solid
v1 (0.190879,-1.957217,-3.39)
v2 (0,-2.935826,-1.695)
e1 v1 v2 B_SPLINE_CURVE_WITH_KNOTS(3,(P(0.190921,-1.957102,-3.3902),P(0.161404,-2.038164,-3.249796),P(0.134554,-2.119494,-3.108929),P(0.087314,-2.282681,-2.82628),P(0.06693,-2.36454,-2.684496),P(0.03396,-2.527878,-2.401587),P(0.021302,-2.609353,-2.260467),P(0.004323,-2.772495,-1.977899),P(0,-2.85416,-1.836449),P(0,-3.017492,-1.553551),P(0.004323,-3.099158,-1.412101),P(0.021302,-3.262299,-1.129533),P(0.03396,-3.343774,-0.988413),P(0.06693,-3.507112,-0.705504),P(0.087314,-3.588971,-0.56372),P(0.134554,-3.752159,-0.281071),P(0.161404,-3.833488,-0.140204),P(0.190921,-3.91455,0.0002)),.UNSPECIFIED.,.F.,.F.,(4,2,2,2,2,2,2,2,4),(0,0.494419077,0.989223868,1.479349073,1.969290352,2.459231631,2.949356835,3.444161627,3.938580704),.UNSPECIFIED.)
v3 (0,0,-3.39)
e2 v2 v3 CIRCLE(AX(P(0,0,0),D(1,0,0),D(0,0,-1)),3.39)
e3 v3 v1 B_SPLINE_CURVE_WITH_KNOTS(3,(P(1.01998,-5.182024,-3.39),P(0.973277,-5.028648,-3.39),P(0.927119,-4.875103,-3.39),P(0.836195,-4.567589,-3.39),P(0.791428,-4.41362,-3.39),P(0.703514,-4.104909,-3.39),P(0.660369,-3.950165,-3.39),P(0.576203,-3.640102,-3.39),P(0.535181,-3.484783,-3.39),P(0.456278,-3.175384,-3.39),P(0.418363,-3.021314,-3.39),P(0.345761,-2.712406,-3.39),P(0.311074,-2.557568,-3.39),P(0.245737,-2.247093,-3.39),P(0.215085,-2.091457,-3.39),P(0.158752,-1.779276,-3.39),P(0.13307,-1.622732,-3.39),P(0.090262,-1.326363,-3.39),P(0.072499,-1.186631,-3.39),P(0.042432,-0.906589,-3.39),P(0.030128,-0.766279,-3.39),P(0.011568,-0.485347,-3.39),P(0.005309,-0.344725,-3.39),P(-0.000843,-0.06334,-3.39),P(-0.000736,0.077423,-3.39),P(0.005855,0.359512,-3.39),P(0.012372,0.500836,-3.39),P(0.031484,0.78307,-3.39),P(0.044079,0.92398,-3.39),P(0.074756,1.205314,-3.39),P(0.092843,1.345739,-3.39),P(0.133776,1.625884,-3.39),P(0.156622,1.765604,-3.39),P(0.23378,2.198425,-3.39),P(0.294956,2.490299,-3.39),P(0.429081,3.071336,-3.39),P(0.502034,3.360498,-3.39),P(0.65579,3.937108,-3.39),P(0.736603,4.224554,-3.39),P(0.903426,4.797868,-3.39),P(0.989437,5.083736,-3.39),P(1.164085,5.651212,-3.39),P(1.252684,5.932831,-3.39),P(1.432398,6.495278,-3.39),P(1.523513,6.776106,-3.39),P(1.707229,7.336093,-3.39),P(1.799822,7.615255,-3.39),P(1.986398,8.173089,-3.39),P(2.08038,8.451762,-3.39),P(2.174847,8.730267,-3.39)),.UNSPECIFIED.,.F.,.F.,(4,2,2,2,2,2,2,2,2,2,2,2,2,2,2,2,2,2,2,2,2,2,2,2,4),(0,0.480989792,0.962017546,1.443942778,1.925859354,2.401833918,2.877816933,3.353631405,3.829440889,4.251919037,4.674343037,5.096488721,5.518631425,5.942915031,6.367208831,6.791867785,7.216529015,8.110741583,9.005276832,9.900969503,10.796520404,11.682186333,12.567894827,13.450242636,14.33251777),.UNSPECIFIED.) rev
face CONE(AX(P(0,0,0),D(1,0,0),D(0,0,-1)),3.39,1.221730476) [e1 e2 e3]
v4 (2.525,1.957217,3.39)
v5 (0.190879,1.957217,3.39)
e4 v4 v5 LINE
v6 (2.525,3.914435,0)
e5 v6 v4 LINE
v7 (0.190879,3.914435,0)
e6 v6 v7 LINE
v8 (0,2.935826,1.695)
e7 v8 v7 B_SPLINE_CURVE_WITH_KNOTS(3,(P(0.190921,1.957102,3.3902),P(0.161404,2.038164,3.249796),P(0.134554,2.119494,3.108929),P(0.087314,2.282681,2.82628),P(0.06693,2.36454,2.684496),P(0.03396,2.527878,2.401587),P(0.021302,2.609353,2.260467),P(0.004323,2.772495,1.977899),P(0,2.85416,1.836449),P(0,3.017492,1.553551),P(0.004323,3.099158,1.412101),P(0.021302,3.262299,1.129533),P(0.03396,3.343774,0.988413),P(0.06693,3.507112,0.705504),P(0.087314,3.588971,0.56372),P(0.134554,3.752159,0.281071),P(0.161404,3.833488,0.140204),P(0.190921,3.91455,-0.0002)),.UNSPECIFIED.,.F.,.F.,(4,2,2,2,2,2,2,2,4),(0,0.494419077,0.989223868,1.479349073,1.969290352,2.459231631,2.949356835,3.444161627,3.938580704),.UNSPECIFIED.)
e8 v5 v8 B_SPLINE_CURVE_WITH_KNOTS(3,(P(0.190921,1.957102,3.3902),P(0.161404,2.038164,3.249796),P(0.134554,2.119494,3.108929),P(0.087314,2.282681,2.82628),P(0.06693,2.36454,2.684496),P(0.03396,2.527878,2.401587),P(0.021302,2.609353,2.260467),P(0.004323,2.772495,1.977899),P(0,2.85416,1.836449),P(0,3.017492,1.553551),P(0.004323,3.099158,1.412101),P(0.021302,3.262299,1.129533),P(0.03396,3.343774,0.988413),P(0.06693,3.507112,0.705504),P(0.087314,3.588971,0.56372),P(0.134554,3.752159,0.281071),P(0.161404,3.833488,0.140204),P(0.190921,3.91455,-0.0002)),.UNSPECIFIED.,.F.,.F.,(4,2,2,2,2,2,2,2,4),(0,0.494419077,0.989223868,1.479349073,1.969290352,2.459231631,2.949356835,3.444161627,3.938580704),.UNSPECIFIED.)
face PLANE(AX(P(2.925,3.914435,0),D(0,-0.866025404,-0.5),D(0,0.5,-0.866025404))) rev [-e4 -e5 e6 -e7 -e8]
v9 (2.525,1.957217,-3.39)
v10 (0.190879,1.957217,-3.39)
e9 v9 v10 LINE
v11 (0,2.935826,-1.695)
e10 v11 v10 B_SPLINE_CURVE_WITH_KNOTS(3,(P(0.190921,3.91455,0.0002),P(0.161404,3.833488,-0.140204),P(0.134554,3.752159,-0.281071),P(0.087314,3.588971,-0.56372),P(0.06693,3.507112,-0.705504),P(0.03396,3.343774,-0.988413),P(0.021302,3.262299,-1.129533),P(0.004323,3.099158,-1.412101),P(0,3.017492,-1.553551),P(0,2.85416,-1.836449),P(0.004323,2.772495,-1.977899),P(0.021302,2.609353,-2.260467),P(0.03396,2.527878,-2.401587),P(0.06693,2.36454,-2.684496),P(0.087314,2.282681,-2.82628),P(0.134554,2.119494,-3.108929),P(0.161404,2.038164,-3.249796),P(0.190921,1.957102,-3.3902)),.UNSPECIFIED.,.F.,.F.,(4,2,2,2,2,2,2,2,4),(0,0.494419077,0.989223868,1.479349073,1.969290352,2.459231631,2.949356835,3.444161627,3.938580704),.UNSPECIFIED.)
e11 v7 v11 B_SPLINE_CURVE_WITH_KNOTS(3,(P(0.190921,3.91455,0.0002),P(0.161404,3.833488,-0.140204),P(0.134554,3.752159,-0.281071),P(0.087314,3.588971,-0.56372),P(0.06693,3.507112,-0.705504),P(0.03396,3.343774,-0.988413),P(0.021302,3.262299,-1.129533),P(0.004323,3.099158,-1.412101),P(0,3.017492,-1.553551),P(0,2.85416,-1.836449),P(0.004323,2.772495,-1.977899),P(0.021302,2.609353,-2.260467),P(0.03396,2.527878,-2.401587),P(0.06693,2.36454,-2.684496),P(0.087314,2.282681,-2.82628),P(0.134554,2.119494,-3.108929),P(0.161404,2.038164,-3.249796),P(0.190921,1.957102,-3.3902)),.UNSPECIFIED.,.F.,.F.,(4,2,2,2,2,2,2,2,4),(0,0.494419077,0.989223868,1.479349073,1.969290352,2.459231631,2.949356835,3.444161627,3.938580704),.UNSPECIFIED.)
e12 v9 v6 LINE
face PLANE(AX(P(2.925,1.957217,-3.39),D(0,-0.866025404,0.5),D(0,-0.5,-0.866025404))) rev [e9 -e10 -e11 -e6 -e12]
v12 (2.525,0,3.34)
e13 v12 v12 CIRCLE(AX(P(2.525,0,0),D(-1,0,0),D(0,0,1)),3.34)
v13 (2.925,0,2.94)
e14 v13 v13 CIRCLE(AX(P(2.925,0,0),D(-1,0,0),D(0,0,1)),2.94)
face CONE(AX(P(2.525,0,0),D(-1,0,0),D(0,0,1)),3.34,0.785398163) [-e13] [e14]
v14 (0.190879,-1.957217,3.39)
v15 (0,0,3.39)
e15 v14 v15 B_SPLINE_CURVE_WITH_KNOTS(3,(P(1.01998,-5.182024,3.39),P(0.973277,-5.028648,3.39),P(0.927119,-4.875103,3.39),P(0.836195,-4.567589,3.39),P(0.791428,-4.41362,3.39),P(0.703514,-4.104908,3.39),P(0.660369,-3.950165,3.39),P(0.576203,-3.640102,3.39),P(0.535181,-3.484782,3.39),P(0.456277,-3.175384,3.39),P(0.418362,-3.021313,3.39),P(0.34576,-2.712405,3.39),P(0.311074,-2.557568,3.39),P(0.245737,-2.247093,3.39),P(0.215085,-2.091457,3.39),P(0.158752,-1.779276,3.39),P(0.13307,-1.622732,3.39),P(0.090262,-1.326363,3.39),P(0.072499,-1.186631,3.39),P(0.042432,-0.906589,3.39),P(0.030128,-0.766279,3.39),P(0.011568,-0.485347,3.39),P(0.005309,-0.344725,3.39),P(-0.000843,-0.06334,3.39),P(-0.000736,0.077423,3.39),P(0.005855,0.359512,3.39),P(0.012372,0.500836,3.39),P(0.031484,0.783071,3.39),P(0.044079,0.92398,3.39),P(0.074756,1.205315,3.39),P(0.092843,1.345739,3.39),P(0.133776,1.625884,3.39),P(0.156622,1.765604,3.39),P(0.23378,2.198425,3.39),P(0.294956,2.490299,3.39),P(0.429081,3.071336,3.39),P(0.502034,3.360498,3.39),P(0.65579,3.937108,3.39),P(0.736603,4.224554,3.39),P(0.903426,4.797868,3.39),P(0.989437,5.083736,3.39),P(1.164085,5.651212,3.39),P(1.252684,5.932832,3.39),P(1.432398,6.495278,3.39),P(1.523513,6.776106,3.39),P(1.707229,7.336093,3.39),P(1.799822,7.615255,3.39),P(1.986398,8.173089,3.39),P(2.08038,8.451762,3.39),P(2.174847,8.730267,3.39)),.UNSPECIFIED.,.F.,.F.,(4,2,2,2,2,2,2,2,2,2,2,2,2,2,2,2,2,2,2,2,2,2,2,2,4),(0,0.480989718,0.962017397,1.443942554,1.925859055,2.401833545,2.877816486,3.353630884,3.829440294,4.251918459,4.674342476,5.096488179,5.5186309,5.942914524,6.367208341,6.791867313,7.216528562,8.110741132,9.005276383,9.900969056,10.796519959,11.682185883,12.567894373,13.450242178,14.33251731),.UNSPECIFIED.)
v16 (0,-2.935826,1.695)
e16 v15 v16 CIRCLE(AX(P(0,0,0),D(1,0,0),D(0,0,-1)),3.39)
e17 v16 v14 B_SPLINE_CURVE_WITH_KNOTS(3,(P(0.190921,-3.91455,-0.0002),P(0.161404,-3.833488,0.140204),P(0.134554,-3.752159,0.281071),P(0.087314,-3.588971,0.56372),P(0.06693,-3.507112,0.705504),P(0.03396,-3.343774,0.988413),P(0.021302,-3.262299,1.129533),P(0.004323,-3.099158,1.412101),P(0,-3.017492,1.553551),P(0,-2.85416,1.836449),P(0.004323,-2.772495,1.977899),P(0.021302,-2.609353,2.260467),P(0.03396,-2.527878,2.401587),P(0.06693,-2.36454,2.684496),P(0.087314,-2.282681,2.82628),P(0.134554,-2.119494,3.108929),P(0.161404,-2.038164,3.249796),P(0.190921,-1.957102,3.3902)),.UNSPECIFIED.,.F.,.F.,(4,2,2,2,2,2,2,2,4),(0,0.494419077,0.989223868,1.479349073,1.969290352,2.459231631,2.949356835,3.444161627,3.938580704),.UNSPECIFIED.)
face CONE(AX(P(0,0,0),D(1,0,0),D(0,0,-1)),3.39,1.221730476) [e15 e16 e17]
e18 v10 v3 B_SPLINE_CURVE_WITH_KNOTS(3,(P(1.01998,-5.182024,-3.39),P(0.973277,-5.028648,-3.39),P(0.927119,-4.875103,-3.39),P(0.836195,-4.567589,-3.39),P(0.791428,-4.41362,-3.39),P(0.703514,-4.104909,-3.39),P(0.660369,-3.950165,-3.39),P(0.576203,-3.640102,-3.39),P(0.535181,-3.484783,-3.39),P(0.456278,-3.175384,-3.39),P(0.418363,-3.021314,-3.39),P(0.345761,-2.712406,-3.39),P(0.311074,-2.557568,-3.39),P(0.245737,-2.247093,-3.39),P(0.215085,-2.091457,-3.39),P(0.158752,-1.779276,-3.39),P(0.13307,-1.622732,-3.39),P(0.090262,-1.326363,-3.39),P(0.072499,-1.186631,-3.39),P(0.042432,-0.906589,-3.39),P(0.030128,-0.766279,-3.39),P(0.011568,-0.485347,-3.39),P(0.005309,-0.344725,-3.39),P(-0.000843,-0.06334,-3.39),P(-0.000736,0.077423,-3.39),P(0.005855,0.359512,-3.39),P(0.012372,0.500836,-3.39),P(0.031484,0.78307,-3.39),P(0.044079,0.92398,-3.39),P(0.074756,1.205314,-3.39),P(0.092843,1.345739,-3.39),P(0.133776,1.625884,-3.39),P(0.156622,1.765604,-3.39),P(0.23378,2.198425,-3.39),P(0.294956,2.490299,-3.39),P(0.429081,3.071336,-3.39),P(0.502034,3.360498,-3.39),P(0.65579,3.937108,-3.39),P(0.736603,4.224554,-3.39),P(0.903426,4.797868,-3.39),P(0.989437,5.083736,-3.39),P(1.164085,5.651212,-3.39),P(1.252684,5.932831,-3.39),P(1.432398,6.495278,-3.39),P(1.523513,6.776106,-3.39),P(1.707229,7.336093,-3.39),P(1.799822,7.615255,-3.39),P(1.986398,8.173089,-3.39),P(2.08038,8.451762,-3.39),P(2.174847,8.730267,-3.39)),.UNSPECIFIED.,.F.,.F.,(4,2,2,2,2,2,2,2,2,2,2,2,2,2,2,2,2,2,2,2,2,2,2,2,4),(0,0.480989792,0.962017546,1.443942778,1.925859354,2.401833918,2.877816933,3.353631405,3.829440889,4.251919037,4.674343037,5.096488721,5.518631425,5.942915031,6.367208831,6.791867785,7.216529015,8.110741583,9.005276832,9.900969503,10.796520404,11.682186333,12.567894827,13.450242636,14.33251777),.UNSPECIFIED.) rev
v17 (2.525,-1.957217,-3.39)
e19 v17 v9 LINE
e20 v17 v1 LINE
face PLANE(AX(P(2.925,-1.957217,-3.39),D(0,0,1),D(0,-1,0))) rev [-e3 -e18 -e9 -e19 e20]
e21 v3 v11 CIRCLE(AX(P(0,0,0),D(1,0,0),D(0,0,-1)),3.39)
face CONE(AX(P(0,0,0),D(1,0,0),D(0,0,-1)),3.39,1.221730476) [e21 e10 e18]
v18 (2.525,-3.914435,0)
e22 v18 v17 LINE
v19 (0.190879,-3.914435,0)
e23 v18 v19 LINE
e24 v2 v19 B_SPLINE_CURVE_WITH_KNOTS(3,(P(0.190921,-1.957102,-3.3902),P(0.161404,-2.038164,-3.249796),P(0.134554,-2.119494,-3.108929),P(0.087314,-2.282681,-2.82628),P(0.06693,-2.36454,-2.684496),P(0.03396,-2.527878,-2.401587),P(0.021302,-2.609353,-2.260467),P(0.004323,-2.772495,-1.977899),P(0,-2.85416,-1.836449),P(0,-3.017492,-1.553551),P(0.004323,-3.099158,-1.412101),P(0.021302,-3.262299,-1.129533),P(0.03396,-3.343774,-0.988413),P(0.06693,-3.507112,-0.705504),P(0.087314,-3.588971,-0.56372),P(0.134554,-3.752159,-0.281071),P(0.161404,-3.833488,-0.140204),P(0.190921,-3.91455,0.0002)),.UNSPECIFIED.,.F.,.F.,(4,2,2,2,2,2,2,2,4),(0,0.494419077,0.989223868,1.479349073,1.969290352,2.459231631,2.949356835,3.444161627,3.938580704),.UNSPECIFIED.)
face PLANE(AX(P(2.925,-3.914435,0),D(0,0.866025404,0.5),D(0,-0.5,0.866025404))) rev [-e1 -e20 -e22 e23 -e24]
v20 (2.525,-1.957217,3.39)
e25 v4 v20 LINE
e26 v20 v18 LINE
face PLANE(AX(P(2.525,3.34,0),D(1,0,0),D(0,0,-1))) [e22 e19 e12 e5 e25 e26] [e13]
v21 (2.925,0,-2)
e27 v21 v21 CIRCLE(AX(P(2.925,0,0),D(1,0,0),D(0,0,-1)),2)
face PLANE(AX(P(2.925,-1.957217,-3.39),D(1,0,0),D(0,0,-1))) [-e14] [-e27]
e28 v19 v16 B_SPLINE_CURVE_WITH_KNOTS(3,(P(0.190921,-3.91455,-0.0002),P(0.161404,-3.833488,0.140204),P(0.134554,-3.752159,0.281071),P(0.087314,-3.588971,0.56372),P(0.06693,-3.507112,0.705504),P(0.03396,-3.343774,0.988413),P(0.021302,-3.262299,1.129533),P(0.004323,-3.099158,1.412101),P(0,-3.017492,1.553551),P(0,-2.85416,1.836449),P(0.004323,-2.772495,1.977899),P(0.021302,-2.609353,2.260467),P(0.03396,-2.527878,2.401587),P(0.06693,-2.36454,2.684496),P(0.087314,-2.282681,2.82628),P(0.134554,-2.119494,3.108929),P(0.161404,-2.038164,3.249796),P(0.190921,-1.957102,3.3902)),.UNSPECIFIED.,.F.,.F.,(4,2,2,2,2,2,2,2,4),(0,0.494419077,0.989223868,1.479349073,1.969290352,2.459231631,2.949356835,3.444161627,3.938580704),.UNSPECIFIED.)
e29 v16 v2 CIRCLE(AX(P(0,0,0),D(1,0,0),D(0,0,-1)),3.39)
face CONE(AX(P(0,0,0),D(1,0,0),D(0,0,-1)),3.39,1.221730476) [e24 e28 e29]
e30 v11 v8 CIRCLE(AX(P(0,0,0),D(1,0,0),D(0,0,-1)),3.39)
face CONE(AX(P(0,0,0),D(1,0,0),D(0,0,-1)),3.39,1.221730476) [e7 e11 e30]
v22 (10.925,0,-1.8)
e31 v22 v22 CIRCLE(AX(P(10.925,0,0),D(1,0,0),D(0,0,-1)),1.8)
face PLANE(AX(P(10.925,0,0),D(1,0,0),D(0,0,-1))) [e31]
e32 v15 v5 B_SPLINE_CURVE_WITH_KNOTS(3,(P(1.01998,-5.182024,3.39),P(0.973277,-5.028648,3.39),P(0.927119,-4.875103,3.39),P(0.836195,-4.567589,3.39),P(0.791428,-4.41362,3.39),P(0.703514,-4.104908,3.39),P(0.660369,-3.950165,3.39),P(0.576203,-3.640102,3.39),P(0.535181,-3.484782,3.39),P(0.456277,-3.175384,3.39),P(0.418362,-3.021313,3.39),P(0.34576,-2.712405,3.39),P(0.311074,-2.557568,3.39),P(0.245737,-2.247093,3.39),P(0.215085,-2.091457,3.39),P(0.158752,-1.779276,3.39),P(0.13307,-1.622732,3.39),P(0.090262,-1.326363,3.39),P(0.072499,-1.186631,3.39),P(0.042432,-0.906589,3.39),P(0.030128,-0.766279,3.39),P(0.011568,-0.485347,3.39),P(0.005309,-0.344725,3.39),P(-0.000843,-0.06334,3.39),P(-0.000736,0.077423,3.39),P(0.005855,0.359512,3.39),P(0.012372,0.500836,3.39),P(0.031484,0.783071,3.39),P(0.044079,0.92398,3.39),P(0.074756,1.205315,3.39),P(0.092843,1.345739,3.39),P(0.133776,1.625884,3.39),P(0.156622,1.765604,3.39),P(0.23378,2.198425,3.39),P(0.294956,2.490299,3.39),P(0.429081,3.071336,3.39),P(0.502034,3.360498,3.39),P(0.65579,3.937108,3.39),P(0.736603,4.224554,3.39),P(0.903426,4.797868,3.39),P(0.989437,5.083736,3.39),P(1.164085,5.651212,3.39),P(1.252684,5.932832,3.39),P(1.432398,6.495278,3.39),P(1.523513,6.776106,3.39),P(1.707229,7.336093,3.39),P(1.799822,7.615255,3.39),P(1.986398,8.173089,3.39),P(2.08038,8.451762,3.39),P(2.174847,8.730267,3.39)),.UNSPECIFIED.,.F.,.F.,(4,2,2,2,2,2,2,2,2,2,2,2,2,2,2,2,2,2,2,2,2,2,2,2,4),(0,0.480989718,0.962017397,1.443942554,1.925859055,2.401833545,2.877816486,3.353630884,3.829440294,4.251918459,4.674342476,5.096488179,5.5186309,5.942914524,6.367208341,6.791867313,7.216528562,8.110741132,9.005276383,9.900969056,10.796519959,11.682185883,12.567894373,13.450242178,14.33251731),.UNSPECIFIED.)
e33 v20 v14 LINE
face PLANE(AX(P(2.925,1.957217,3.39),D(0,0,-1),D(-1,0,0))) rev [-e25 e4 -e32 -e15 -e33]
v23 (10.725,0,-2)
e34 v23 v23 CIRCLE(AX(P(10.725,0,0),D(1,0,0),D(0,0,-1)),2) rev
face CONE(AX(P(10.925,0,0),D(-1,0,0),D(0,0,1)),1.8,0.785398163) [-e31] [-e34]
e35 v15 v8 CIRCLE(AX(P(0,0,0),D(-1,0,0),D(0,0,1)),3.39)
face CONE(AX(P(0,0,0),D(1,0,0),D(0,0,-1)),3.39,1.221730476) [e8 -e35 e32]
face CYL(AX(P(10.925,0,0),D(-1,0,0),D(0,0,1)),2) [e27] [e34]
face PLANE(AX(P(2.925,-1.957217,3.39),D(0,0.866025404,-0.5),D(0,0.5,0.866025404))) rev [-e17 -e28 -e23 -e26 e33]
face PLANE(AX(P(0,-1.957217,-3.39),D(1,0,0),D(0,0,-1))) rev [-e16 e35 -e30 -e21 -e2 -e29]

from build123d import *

# Parameters (mm, degrees)
BASEHEAD_DEPTH = 2.925
SKETCH5_R      = 2
BASEBODY_DEPTH = 8
CHAMFER1_SIZE  = 0.2


with BuildPart() as part:
    # Sketch2 → BaseHead (new body)
    with BuildSketch(Plane(origin=(0, 0, 0), x_dir=(0, 0, -1), z_dir=(1, 0, 0))):
        Polygon((3.39, -1.957217413), (3.39, 1.957217413), (0, 3.914434825), (-3.39, 1.957217413), (-3.39, -1.957217413), (0, -3.914434825), align=None)
    extrude(amount=BASEHEAD_DEPTH)

    # Sketch3 → BearingFace (revolve, cut)
    with BuildSketch(Plane.XY):
        Polygon((2.925, 3.914434825), (2.925, 2.94), (2.525, 3.34), (2.525, 3.914434825), align=None)
    revolve(axis=Axis((-0.957090588, 0, 0), (1, 0, 0)), mode=Mode.SUBTRACT)

    # Sketch4 → HeadChamfer (revolve, cut)
    with BuildSketch(Plane.XY):
        Polygon((0, 3.914434825), (0.190878666, 3.914434825), (0, 3.39), align=None)
    revolve(axis=Axis((-0.493528746, 0, 0), (1, 0, 0)), mode=Mode.SUBTRACT)

    # Sketch5 → BaseBody (add)
    with BuildSketch(Plane(origin=(2.925, 0, 0), x_dir=(0, 0, -1), z_dir=(1, 0, 0))):
        Circle(SKETCH5_R)
    extrude(amount=BASEBODY_DEPTH)

    # Chamfer1
    chamfer1_edges = [part.edges().sort_by_distance(p)[0] for p in [
        (10.925, 0, 2),
    ]]
    chamfer(chamfer1_edges, length=CHAMFER1_SIZE)


solid = part.part
